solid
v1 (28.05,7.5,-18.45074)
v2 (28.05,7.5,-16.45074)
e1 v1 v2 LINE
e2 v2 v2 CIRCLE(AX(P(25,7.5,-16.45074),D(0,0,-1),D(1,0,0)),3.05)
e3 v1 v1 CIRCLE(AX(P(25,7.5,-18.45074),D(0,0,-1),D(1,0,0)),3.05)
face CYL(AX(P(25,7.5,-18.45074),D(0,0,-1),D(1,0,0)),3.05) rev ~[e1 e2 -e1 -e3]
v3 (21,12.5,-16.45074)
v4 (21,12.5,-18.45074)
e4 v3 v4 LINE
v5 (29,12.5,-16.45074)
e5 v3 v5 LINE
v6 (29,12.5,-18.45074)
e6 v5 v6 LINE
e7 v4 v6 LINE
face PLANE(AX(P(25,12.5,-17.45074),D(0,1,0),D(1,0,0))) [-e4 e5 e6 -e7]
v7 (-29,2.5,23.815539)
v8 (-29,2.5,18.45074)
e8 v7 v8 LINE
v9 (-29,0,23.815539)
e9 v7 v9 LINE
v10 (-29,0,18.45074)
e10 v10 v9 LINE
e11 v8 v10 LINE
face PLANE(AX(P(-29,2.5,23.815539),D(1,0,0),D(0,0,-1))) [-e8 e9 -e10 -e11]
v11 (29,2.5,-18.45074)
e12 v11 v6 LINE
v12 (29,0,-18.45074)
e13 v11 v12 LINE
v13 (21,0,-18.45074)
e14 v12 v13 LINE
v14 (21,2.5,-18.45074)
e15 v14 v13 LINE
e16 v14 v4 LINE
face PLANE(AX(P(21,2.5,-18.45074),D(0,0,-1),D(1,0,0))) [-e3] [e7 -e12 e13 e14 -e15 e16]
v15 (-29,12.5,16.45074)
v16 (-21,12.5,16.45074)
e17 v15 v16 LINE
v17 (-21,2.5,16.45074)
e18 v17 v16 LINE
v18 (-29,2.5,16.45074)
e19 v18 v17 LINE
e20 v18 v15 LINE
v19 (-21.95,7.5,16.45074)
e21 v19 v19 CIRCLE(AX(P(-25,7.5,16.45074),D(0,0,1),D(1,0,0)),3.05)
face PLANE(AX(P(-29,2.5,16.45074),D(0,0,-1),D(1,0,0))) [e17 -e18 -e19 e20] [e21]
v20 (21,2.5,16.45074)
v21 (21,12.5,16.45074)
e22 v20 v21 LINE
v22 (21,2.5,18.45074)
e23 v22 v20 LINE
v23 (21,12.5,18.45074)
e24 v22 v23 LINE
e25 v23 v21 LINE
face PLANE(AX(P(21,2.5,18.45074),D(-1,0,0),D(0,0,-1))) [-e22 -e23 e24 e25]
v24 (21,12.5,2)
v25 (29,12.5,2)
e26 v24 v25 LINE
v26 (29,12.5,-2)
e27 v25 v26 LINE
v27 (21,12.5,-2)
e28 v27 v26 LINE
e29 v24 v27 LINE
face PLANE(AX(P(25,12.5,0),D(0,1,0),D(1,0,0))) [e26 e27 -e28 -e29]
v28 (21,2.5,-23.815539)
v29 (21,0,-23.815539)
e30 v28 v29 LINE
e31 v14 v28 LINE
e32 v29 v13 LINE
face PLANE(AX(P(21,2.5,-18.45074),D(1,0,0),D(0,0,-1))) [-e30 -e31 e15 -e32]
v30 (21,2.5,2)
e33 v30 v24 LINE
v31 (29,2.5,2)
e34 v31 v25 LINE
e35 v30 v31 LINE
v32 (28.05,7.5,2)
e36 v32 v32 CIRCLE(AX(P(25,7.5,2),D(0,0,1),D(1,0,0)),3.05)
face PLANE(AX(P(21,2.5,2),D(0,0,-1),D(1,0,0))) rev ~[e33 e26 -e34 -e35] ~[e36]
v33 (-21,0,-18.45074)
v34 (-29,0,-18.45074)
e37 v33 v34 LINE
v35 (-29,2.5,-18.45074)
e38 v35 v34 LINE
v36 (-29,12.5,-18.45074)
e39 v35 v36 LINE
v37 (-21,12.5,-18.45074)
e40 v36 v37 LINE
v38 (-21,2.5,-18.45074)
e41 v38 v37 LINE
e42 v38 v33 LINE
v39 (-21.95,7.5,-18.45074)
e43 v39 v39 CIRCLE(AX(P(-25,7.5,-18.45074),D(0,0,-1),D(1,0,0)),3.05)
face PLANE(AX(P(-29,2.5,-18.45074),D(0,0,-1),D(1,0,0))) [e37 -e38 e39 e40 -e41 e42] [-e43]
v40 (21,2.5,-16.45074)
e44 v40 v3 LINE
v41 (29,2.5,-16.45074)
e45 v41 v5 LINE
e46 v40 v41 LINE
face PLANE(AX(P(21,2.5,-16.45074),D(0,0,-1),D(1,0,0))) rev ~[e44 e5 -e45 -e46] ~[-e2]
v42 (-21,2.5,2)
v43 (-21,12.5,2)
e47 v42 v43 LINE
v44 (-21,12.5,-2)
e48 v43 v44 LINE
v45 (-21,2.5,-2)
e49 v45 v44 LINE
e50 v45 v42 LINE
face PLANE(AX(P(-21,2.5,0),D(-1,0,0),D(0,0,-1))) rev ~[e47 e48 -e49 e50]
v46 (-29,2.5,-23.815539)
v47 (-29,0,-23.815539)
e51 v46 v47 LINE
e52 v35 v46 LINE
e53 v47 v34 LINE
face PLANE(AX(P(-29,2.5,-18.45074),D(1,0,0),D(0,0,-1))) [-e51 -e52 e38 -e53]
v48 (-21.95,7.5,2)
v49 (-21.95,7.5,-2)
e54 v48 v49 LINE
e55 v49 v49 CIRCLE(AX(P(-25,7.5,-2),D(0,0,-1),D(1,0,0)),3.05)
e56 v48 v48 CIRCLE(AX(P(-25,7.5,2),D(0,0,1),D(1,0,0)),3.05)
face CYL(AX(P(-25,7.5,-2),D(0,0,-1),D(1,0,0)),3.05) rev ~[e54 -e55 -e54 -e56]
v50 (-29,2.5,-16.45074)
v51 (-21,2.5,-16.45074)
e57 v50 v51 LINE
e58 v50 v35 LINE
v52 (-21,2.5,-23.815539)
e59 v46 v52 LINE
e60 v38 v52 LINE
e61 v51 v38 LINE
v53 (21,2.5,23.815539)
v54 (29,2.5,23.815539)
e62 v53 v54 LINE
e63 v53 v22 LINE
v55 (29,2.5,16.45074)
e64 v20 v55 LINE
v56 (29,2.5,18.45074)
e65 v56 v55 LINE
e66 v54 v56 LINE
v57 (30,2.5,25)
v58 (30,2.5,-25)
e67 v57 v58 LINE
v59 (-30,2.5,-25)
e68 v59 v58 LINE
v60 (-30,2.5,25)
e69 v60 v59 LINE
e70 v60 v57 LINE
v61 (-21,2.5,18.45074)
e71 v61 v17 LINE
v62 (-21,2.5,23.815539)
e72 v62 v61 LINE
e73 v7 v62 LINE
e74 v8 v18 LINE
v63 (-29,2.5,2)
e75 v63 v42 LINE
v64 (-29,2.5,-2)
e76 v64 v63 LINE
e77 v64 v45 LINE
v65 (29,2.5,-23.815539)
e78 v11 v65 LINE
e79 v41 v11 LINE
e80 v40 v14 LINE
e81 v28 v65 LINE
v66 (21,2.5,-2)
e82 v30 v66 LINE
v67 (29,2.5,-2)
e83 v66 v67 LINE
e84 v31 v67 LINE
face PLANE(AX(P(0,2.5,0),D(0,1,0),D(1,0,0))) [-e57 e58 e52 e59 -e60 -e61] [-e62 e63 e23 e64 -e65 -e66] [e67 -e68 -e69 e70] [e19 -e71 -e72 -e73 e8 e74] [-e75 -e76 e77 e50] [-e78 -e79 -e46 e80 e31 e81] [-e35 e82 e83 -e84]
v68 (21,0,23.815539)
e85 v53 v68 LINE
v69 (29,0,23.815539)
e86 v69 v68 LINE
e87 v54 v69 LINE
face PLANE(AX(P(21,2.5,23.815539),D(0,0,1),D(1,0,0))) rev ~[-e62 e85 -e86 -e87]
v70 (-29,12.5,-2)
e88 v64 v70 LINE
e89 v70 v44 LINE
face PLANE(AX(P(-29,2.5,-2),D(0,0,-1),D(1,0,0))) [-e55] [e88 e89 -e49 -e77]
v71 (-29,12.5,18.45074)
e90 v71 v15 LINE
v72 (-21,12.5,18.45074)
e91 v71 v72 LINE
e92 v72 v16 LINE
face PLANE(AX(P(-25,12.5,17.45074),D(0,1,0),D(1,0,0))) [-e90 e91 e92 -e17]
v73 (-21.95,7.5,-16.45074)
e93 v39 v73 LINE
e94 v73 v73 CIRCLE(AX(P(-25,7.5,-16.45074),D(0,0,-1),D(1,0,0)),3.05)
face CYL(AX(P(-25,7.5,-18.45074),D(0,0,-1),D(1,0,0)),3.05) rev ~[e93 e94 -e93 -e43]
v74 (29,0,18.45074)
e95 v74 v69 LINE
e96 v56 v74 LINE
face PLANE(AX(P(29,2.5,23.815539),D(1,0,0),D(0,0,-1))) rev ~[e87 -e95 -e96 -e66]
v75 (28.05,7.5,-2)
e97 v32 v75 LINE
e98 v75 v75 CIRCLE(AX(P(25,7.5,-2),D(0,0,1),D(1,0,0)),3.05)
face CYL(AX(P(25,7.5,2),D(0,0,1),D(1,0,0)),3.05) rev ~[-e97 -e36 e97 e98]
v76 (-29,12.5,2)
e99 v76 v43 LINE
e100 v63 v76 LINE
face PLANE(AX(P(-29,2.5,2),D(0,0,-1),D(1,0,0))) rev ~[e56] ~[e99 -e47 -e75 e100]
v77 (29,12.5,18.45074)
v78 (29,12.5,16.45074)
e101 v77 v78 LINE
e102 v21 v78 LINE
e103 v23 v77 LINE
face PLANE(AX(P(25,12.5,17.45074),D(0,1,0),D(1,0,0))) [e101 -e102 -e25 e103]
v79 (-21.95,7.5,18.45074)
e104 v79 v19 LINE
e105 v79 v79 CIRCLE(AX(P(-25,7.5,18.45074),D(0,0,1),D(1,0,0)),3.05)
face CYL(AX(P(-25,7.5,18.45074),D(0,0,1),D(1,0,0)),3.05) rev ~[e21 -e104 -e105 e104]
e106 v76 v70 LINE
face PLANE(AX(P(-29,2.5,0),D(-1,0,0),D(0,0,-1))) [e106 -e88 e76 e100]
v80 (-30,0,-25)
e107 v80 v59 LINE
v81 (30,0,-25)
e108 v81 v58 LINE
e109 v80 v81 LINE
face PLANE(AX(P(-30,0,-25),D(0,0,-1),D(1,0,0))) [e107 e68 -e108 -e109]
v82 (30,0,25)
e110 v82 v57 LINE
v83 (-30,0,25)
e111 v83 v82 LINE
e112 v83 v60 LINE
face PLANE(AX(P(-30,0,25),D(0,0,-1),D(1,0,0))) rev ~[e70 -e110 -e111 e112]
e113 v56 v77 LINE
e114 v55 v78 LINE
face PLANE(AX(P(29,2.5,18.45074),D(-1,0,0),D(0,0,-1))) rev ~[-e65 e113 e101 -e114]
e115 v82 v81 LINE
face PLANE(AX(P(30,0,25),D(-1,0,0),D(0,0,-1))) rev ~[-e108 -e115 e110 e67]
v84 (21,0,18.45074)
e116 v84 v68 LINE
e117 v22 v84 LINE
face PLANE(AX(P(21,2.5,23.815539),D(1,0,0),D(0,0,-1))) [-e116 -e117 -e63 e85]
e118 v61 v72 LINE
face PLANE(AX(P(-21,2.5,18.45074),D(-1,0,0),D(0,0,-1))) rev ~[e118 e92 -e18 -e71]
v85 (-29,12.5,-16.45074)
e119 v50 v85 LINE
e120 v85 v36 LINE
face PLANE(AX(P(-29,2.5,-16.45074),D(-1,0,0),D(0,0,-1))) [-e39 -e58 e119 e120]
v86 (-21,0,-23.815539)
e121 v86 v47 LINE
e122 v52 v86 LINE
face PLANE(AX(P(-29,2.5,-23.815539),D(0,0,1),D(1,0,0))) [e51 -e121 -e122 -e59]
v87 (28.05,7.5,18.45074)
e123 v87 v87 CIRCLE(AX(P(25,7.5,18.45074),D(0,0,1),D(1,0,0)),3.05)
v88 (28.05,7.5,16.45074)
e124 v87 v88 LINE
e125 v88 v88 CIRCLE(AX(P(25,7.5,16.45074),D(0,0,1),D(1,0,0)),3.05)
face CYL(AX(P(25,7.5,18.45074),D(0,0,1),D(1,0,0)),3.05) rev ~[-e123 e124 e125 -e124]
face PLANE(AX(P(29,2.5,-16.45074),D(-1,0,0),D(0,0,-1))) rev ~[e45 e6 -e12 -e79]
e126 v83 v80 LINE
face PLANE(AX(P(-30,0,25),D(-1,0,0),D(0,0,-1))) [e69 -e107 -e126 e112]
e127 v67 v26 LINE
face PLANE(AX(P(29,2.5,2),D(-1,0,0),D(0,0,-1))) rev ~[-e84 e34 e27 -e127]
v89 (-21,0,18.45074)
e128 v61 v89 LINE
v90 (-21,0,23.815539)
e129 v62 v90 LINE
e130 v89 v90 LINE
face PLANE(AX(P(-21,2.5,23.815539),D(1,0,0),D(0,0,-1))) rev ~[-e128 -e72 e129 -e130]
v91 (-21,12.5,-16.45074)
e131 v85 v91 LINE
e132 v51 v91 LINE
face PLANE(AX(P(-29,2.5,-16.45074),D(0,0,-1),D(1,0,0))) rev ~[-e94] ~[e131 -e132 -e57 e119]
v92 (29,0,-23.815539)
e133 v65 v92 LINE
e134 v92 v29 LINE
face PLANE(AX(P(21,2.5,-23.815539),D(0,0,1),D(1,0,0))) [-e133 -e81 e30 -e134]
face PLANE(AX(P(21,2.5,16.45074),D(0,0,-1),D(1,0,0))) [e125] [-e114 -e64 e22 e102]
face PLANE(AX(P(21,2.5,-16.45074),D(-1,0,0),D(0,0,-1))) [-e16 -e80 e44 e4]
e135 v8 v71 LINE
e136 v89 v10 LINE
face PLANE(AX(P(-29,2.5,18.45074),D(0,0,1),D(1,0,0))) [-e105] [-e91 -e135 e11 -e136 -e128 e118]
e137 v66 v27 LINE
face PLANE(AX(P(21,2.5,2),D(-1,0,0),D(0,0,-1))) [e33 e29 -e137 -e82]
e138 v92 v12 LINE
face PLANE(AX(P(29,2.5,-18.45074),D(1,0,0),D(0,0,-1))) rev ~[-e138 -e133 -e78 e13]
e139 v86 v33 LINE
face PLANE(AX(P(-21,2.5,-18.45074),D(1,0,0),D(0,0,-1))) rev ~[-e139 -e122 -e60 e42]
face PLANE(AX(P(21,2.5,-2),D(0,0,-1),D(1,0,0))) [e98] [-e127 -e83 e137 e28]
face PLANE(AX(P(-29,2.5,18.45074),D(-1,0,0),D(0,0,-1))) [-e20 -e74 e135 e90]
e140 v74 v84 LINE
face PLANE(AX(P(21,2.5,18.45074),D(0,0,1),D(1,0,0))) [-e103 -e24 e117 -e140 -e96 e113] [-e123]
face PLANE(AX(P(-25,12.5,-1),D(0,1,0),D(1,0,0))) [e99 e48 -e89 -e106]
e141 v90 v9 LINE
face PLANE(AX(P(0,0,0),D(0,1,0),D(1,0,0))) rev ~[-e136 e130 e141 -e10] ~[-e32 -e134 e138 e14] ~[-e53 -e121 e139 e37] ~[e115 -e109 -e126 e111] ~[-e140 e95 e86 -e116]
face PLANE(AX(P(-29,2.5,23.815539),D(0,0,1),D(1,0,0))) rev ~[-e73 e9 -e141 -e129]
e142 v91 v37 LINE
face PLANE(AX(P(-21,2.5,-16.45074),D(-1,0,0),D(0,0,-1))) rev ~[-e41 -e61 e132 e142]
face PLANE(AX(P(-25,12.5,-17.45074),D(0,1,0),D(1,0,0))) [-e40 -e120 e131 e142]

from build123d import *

# Parameters (mm, degrees)
SKETCH1_W           = 60
SKETCH1_H           = 50
BOSS_EXTRUDE1_DEPTH = 2.5
SKETCH2_W           = 8
SKETCH2_H           = 2
BOSS_EXTRUDE2_DEPTH = 10
CUT_EXTRUDE1_REACH  = 44.252
SKETCH3_R           = 3.05
SKETCH4_W           = 8
SKETCH4_H           = 2
BOSS_EXTRUDE3_DEPTH = 10
CUT_EXTRUDE2_REACH  = 44.252
SKETCH6_R           = 3.05
SKETCH7_W           = 8
SKETCH7_H           = 4
BOSS_EXTRUDE4_DEPTH = 10
CUT_EXTRUDE3_REACH  = 44.252
SKETCH8_R           = 3.05
SKETCH9_W           = 8
SKETCH9_H           = 2
BOSS_EXTRUDE5_DEPTH = 10
CUT_EXTRUDE4_REACH  = 56.261
SKETCH10_R          = 3.05
CUT_EXTRUDE5_REACH  = 56.261
SKETCH12_R          = 3.05
CUT_EXTRUDE6_REACH  = 56.261
SKETCH13_R          = 3.05
CUT_EXTRUDE7_REACH  = 56.261
SKETCH14_R          = 3.05
CUT_EXTRUDE8_REACH  = 42.311
SKETCH15_W          = 8
SKETCH15_H          = 5.36479905


with BuildPart() as part:
    # Sketch1 → Boss-Extrude1 (new body)
    with BuildSketch(Plane(origin=(0, 0, 0), x_dir=(1, 0, 0), z_dir=(0, 1, 0))):
        Rectangle(SKETCH1_W, SKETCH1_H)
    extrude(amount=BOSS_EXTRUDE1_DEPTH)

    # Sketch2 → Boss-Extrude2 (add)
    with BuildSketch(Plane(origin=(0, 2.5, 0), x_dir=(1, 0, 0), z_dir=(0, 1, 0))):
        with Locations((-25, -1)):
            Rectangle(SKETCH2_W, SKETCH2_H)
    extrude(amount=BOSS_EXTRUDE2_DEPTH)

    # Sketch3 → Cut-Extrude1 (cut, up to next)
    with BuildSketch(Plane.XY.offset(2), mode=Mode.PRIVATE) as cut_extrude1_sk1:
        with Locations((-25, 7.5)):
            Circle(SKETCH3_R)
    cut_extrude1_tool1 = extrude(cut_extrude1_sk1.sketch, amount=-CUT_EXTRUDE1_REACH, mode=Mode.PRIVATE) & part.part
    add(cut_extrude1_tool1.solids().sort_by_distance((-25, 7.5, 2))[0], mode=Mode.SUBTRACT)

    # Sketch4 → Boss-Extrude3 (add)
    with BuildSketch(Plane(origin=(0, 2.5, 0), x_dir=(1, 0, 0), z_dir=(0, 1, 0))):
        with Locations((-25, 1)):
            Rectangle(SKETCH4_W, SKETCH4_H)
    extrude(amount=BOSS_EXTRUDE3_DEPTH)

    # Sketch6 → Cut-Extrude2 (cut, up to next)
    with BuildSketch(Plane(origin=(0, 0, -2), x_dir=(-1, 0, 0), z_dir=(0, 0, -1)), mode=Mode.PRIVATE) as cut_extrude2_sk1:
        with Locations(Location((25, 7.5, 0), (0, 0, 180))):
            Circle(SKETCH6_R)
    cut_extrude2_tool1 = extrude(cut_extrude2_sk1.sketch, amount=-CUT_EXTRUDE2_REACH, mode=Mode.PRIVATE) & part.part
    add(cut_extrude2_tool1.solids().sort_by_distance((-25, 7.5, -2))[0], mode=Mode.SUBTRACT)

    # Sketch7 → Boss-Extrude4 (add)
    with BuildSketch(Plane(origin=(0, 2.5, 0), x_dir=(1, 0, 0), z_dir=(0, 1, 0))):
        with Locations((25, 0)):
            Rectangle(SKETCH7_W, SKETCH7_H)
    extrude(amount=BOSS_EXTRUDE4_DEPTH)

    # Sketch8 → Cut-Extrude3 (cut, up to next)
    with BuildSketch(Plane.XY.offset(2), mode=Mode.PRIVATE) as cut_extrude3_sk1:
        with Locations((25, 7.5)):
            Circle(SKETCH8_R)
    cut_extrude3_tool1 = extrude(cut_extrude3_sk1.sketch, amount=-CUT_EXTRUDE3_REACH, mode=Mode.PRIVATE) & part.part
    add(cut_extrude3_tool1.solids().sort_by_distance((25, 7.5, 2))[0], mode=Mode.SUBTRACT)

    # Sketch9 → Boss-Extrude5 (add)
    with BuildSketch(Plane(origin=(0, 2.5, 0), x_dir=(1, 0, 0), z_dir=(0, 1, 0))):
        with Locations((-25, 17.450740252)):
            Rectangle(SKETCH9_W, SKETCH9_H)
        with Locations((-25, -17.450740252)):
            Rectangle(SKETCH9_W, SKETCH9_H)
        with Locations((25, -17.450740252)):
            Rectangle(SKETCH9_W, SKETCH9_H)
        with Locations((25, 17.450740252)):
            Rectangle(SKETCH9_W, SKETCH9_H)
    extrude(amount=BOSS_EXTRUDE5_DEPTH)

    # Sketch10 → Cut-Extrude4 (cut, up to next)
    with BuildSketch(Plane(origin=(0, 0, -18.450740252), x_dir=(-1, 0, 0), z_dir=(0, 0, -1)), mode=Mode.PRIVATE) as cut_extrude4_sk1:
        with Locations(Location((25, 7.5, 0), (0, 0, 180))):
            Circle(SKETCH10_R)
    cut_extrude4_tool1 = extrude(cut_extrude4_sk1.sketch, amount=-CUT_EXTRUDE4_REACH, mode=Mode.PRIVATE) & part.part
    add(cut_extrude4_tool1.solids().sort_by_distance((-25, 7.5, -18.45074))[0], mode=Mode.SUBTRACT)

    # Sketch12 → Cut-Extrude5 (cut, up to next)
    with BuildSketch(Plane.XY.offset(18.450740252), mode=Mode.PRIVATE) as cut_extrude5_sk1:
        with Locations((-25, 7.5)):
            Circle(SKETCH12_R)
    cut_extrude5_tool1 = extrude(cut_extrude5_sk1.sketch, amount=-CUT_EXTRUDE5_REACH, mode=Mode.PRIVATE) & part.part
    add(cut_extrude5_tool1.solids().sort_by_distance((-25, 7.5, 18.45074))[0], mode=Mode.SUBTRACT)

    # Sketch13 → Cut-Extrude6 (cut, up to next)
    with BuildSketch(Plane(origin=(0, 0, -18.450740252), x_dir=(-1, 0, 0), z_dir=(0, 0, -1)), mode=Mode.PRIVATE) as cut_extrude6_sk1:
        with Locations(Location((-25, 7.5, 0), (0, 0, 180))):
            Circle(SKETCH13_R)
    cut_extrude6_tool1 = extrude(cut_extrude6_sk1.sketch, amount=-CUT_EXTRUDE6_REACH, mode=Mode.PRIVATE) & part.part
    add(cut_extrude6_tool1.solids().sort_by_distance((25, 7.5, -18.45074))[0], mode=Mode.SUBTRACT)

    # Sketch14 → Cut-Extrude7 (cut, up to next)
    with BuildSketch(Plane.XY.offset(18.450740252), mode=Mode.PRIVATE) as cut_extrude7_sk1:
        with Locations((25, 7.5)):
            Circle(SKETCH14_R)
    cut_extrude7_tool1 = extrude(cut_extrude7_sk1.sketch, amount=-CUT_EXTRUDE7_REACH, mode=Mode.PRIVATE) & part.part
    add(cut_extrude7_tool1.solids().sort_by_distance((25, 7.5, 18.45074))[0], mode=Mode.SUBTRACT)

    # Sketch15 → Cut-Extrude8 (cut, up to next)
    with BuildSketch(Plane(origin=(0, 2.5, 0), x_dir=(1, 0, 0), z_dir=(0, 1, 0)), mode=Mode.PRIVATE) as cut_extrude8_sk1:
        with Locations((-25, 21.133139777)):
            Rectangle(SKETCH15_W, SKETCH15_H)
    cut_extrude8_tool1 = extrude(cut_extrude8_sk1.sketch, amount=-CUT_EXTRUDE8_REACH, mode=Mode.PRIVATE) & part.part
    # Sketch15 → Cut-Extrude8 (cut, up to next)
    with BuildSketch(Plane(origin=(0, 2.5, 0), x_dir=(1, 0, 0), z_dir=(0, 1, 0)), mode=Mode.PRIVATE) as cut_extrude8_sk2:
        with Locations((25, 21.133139777)):
            Rectangle(SKETCH15_W, SKETCH15_H)
    cut_extrude8_tool2 = extrude(cut_extrude8_sk2.sketch, amount=-CUT_EXTRUDE8_REACH, mode=Mode.PRIVATE) & part.part
    # Sketch15 → Cut-Extrude8 (cut, up to next)
    with BuildSketch(Plane(origin=(0, 2.5, 0), x_dir=(1, 0, 0), z_dir=(0, 1, 0)), mode=Mode.PRIVATE) as cut_extrude8_sk3:
        with Locations((-25, -21.133139777)):
            Rectangle(SKETCH15_W, SKETCH15_H)
    cut_extrude8_tool3 = extrude(cut_extrude8_sk3.sketch, amount=-CUT_EXTRUDE8_REACH, mode=Mode.PRIVATE) & part.part
    # Sketch15 → Cut-Extrude8 (cut, up to next)
    with BuildSketch(Plane(origin=(0, 2.5, 0), x_dir=(1, 0, 0), z_dir=(0, 1, 0)), mode=Mode.PRIVATE) as cut_extrude8_sk4:
        with Locations((25, -21.133139777)):
            Rectangle(SKETCH15_W, SKETCH15_H)
    cut_extrude8_tool4 = extrude(cut_extrude8_sk4.sketch, amount=-CUT_EXTRUDE8_REACH, mode=Mode.PRIVATE) & part.part
    add(cut_extrude8_tool1.solids().sort_by_distance((-25, 2.5, -21.13314))[0], mode=Mode.SUBTRACT)
    add(cut_extrude8_tool2.solids().sort_by_distance((25, 2.5, -21.13314))[0], mode=Mode.SUBTRACT)
    add(cut_extrude8_tool3.solids().sort_by_distance((-25, 2.5, 21.13314))[0], mode=Mode.SUBTRACT)
    add(cut_extrude8_tool4.solids().sort_by_distance((25, 2.5, 21.13314))[0], mode=Mode.SUBTRACT)


solid = part.part
